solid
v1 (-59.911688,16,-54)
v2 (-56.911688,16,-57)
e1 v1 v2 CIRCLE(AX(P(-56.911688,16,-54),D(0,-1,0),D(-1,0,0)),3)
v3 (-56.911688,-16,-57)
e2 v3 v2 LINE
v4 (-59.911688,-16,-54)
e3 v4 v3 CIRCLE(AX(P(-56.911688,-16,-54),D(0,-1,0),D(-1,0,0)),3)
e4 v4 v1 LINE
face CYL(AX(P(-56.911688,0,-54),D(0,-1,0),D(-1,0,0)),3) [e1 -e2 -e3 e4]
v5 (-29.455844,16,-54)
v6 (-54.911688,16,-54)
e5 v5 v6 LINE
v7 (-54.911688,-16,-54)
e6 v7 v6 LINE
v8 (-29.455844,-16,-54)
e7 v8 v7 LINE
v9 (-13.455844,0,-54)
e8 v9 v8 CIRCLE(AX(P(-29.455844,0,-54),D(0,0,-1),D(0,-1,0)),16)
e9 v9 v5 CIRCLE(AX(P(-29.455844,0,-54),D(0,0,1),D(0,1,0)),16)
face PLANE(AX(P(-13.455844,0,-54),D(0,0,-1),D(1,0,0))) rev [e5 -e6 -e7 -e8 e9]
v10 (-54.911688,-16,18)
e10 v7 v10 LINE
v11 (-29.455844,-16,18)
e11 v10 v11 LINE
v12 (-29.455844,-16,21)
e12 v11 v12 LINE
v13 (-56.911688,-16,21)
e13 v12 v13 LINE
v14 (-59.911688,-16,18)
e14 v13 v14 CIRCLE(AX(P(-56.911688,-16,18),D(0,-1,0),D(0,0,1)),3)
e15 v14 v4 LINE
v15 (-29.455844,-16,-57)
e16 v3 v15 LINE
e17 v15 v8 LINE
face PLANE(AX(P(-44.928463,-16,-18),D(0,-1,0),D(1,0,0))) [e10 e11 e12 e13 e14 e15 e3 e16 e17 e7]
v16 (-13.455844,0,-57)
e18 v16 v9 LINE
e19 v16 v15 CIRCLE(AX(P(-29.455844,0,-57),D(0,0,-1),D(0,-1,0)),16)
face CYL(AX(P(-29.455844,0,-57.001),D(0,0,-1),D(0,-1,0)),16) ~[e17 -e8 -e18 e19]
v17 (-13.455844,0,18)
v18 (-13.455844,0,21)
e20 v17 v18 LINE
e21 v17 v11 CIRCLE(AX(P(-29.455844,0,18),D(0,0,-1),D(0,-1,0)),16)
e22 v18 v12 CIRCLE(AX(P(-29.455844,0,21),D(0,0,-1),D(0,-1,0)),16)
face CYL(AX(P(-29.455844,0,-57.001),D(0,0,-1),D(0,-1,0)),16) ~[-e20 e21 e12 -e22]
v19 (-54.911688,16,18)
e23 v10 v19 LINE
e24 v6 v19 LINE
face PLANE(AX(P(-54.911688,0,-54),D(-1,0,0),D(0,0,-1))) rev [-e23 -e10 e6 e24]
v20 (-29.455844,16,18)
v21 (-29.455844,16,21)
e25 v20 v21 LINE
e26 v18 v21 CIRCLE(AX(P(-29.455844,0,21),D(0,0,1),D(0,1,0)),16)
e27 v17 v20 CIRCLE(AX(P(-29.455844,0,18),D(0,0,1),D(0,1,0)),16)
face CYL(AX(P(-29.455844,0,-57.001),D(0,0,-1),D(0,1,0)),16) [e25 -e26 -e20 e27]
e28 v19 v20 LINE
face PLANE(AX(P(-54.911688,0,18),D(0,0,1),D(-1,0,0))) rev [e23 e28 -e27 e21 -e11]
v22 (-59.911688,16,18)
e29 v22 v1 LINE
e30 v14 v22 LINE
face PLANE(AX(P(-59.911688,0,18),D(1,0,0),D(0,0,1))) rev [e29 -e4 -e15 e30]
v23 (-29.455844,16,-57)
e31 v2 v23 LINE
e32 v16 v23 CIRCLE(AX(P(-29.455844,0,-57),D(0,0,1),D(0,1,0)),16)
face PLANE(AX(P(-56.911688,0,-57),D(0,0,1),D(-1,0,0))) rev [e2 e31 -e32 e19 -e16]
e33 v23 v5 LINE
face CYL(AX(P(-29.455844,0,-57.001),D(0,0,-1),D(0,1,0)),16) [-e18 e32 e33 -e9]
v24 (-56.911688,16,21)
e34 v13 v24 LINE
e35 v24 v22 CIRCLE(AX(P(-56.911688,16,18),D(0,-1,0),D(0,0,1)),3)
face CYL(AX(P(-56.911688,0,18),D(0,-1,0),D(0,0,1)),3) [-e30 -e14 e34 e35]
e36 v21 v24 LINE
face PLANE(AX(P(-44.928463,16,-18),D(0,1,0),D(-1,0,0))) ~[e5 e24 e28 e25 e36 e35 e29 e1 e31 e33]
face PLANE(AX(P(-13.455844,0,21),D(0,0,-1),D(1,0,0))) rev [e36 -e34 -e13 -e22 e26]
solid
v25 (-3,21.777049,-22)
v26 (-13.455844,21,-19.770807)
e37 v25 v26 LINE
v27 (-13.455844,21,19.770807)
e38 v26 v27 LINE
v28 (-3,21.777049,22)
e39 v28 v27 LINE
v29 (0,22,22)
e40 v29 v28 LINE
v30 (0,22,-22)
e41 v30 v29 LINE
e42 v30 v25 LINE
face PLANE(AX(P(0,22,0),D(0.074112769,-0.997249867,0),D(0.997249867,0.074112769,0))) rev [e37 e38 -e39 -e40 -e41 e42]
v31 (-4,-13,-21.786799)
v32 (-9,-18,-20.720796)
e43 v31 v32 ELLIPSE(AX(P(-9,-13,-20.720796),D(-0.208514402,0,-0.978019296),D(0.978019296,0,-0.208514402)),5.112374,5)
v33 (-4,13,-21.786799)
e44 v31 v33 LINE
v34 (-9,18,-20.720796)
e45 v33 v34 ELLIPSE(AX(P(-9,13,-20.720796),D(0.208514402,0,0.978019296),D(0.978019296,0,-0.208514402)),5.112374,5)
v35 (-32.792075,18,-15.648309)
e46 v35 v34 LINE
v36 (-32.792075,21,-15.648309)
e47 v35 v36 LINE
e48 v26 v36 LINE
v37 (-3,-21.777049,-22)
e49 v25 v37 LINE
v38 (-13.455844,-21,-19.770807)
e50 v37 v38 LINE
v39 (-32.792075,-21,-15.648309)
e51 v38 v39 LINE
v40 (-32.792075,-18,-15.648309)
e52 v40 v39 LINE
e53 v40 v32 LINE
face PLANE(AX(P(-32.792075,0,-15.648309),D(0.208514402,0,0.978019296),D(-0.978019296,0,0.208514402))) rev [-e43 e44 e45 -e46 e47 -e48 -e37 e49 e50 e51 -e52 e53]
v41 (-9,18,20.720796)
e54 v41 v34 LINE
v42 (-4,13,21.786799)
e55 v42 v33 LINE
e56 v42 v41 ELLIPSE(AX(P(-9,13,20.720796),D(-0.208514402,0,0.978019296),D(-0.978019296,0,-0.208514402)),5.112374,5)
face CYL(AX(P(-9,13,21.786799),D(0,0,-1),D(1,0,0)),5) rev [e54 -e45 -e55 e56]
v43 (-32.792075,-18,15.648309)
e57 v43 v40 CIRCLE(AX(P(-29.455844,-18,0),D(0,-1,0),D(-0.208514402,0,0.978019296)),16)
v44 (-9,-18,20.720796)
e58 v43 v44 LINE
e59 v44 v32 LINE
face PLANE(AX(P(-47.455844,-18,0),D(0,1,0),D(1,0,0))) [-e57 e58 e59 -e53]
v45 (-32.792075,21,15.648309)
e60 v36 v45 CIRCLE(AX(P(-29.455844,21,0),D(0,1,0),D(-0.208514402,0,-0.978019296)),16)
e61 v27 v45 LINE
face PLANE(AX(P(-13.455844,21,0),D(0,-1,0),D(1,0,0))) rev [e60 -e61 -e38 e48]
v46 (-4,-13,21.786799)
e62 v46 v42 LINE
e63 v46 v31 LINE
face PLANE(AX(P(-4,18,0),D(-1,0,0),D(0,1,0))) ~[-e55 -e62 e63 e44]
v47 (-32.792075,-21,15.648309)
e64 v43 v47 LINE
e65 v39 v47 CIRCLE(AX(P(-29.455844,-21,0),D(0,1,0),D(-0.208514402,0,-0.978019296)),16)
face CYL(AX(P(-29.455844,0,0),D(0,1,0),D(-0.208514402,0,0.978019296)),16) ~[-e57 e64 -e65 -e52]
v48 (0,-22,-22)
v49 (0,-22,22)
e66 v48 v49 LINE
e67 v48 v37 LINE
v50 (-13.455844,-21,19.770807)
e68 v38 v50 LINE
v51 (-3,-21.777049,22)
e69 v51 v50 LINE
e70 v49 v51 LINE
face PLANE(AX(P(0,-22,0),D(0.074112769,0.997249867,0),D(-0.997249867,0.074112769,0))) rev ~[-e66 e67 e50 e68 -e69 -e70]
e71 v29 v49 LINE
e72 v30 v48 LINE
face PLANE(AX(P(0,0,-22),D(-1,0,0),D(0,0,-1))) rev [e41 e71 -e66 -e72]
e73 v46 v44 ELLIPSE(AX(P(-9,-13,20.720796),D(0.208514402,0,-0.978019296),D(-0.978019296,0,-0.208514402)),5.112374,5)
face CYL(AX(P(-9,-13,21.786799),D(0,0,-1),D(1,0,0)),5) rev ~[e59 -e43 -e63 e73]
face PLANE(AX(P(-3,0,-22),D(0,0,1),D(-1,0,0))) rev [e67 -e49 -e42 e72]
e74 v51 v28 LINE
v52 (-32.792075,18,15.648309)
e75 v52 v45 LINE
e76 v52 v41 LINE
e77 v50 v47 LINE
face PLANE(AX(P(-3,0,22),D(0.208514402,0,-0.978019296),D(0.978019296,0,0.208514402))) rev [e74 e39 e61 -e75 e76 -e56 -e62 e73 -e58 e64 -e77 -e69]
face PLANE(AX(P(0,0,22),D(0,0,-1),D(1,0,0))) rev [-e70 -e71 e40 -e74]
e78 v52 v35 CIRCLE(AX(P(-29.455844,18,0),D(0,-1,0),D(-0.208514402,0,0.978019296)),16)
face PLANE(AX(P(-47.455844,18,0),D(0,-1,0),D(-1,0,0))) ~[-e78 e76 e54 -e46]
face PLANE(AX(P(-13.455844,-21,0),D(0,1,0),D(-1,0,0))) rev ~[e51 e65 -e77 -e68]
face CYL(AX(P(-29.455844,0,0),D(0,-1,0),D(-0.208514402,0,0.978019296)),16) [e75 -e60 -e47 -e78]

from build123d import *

# Parameters (mm, degrees)
F2_DEPTH      = 22
F3_W          = 43.4558441227
F3_H          = 18
F4_DEPTH      = 22.001
F4_DEPTH_BACK = 25
F5_R          = 5
F7_DEPTH      = 16
F9_START      = -57.001
F9_DEPTH      = 79.002


with BuildPart() as f2:
    # F1 (on Front) → F2 (new body)
    with BuildSketch(Plane.XZ):
        with BuildLine():
            ThreePointArc((-32.792074557, -15.6483087421), (-19.390549466, -12.4374371747), (-13.4558441227, 0))
            ThreePointArc((-13.4558441227, 0), (-19.390549466, 12.4374371747), (-32.792074557, 15.6483087421))
            ThreePointArc((-32.792074557, 15.6483087421), (-45.4558441227, 0), (-32.792074557, -15.6483087421))
        make_face()
        with BuildLine():
            ThreePointArc((-32.792074557, 15.6483087421), (-19.390549466, 12.4374371747), (-13.4558441227, 0))
            ThreePointArc((-13.4558441227, 0), (-19.390549466, -12.4374371747), (-32.792074557, -15.6483087421))
            Line((-32.792074557, -15.6483087421), (-3, -22))
            Line((-3, -22), (0, -22))
            Line((0, -22), (0, 22))
            Line((0, 22), (-3, 22))
            Line((-3, 22), (-32.792074557, 15.6483087421))
        make_face()
    extrude(amount=F2_DEPTH)

    # F3 (on Top) → F4 (cut, two sides)
    with BuildSketch(Plane.XY) as f4_sk:
        with Locations((-25.7279220614, -9)):
            Rectangle(F3_W, F3_H)
        Polygon((-13.4558441227, -21), (-47.4558441227, -21), (-47.4558441227, -22), (0, -22), align=None)
    extrude(amount=-F4_DEPTH, mode=Mode.SUBTRACT)
    extrude(f4_sk.sketch, amount=F4_DEPTH_BACK, mode=Mode.SUBTRACT)

    # F5
    f5_edges = [f2.edges().sort_by_distance(p)[0] for p in [
        (-4, -18, 0),
    ]]
    fillet(f5_edges, radius=F5_R)



with BuildPart() as f7:
    # F6 (on Front) → F7 (new body)
    with BuildSketch(Plane.XZ):
        with BuildLine():
            Line((-54.9116882454, 18), (-13.4558441227, 18))
            Line((-13.4558441227, 18), (-13.4558441227, 21))
            Line((-13.4558441227, 21), (-56.9116882454, 21))
            ThreePointArc((-56.9116882454, 21), (-59.033008589, 20.1213203436), (-59.9116882454, 18))
            Line((-59.9116882454, 18), (-59.9116882454, -54))
            ThreePointArc((-59.9116882454, -54), (-59.033008589, -56.1213203436), (-56.9116882454, -57))
            Line((-56.9116882454, -57), (-13.4558441227, -57))
            Line((-13.4558441227, -57), (-13.4558441227, -54))
            Line((-13.4558441227, -54), (-54.9116882454, -54))
            Line((-54.9116882454, -54), (-54.9116882454, 18))
        make_face()
    extrude(amount=F7_DEPTH)

    # F8 (on Top) → F9 (intersect)
    with BuildSketch(Plane.XY.offset(F9_START)):
        with BuildLine():
            ThreePointArc((-29.4558441227, -16), (-18.1421356237, -11.313708499), (-13.4558441227, 0))
            ThreePointArc((-13.4558441227, 0), (-29.4558441227, 16), (-45.4558441227, 0))
            ThreePointArc((-45.4558441227, 0), (-40.7695526217, -11.313708499), (-29.4558441227, -16))
        make_face()
        with BuildLine():
            ThreePointArc((-29.4558441227, -16), (-40.7695526217, -11.313708499), (-45.4558441227, 0))
            Line((-45.4558441227, 0), (-59.9116882454, 0))
            Line((-59.9116882454, 0), (-59.9116882454, -16))
            Line((-59.9116882454, -16), (-29.4558441227, -16))
        make_face()
    extrude(amount=F9_DEPTH, mode=Mode.INTERSECT)


with BuildPart() as f2_1:
    add(f2.part)

    add(f7.part)  # F10 merges F7
    # F10: F2, F7 across plane
    add(f2.part.mirror(Plane.XZ))
    add(f7.part.mirror(Plane.XZ))


solid = f2_1.part
